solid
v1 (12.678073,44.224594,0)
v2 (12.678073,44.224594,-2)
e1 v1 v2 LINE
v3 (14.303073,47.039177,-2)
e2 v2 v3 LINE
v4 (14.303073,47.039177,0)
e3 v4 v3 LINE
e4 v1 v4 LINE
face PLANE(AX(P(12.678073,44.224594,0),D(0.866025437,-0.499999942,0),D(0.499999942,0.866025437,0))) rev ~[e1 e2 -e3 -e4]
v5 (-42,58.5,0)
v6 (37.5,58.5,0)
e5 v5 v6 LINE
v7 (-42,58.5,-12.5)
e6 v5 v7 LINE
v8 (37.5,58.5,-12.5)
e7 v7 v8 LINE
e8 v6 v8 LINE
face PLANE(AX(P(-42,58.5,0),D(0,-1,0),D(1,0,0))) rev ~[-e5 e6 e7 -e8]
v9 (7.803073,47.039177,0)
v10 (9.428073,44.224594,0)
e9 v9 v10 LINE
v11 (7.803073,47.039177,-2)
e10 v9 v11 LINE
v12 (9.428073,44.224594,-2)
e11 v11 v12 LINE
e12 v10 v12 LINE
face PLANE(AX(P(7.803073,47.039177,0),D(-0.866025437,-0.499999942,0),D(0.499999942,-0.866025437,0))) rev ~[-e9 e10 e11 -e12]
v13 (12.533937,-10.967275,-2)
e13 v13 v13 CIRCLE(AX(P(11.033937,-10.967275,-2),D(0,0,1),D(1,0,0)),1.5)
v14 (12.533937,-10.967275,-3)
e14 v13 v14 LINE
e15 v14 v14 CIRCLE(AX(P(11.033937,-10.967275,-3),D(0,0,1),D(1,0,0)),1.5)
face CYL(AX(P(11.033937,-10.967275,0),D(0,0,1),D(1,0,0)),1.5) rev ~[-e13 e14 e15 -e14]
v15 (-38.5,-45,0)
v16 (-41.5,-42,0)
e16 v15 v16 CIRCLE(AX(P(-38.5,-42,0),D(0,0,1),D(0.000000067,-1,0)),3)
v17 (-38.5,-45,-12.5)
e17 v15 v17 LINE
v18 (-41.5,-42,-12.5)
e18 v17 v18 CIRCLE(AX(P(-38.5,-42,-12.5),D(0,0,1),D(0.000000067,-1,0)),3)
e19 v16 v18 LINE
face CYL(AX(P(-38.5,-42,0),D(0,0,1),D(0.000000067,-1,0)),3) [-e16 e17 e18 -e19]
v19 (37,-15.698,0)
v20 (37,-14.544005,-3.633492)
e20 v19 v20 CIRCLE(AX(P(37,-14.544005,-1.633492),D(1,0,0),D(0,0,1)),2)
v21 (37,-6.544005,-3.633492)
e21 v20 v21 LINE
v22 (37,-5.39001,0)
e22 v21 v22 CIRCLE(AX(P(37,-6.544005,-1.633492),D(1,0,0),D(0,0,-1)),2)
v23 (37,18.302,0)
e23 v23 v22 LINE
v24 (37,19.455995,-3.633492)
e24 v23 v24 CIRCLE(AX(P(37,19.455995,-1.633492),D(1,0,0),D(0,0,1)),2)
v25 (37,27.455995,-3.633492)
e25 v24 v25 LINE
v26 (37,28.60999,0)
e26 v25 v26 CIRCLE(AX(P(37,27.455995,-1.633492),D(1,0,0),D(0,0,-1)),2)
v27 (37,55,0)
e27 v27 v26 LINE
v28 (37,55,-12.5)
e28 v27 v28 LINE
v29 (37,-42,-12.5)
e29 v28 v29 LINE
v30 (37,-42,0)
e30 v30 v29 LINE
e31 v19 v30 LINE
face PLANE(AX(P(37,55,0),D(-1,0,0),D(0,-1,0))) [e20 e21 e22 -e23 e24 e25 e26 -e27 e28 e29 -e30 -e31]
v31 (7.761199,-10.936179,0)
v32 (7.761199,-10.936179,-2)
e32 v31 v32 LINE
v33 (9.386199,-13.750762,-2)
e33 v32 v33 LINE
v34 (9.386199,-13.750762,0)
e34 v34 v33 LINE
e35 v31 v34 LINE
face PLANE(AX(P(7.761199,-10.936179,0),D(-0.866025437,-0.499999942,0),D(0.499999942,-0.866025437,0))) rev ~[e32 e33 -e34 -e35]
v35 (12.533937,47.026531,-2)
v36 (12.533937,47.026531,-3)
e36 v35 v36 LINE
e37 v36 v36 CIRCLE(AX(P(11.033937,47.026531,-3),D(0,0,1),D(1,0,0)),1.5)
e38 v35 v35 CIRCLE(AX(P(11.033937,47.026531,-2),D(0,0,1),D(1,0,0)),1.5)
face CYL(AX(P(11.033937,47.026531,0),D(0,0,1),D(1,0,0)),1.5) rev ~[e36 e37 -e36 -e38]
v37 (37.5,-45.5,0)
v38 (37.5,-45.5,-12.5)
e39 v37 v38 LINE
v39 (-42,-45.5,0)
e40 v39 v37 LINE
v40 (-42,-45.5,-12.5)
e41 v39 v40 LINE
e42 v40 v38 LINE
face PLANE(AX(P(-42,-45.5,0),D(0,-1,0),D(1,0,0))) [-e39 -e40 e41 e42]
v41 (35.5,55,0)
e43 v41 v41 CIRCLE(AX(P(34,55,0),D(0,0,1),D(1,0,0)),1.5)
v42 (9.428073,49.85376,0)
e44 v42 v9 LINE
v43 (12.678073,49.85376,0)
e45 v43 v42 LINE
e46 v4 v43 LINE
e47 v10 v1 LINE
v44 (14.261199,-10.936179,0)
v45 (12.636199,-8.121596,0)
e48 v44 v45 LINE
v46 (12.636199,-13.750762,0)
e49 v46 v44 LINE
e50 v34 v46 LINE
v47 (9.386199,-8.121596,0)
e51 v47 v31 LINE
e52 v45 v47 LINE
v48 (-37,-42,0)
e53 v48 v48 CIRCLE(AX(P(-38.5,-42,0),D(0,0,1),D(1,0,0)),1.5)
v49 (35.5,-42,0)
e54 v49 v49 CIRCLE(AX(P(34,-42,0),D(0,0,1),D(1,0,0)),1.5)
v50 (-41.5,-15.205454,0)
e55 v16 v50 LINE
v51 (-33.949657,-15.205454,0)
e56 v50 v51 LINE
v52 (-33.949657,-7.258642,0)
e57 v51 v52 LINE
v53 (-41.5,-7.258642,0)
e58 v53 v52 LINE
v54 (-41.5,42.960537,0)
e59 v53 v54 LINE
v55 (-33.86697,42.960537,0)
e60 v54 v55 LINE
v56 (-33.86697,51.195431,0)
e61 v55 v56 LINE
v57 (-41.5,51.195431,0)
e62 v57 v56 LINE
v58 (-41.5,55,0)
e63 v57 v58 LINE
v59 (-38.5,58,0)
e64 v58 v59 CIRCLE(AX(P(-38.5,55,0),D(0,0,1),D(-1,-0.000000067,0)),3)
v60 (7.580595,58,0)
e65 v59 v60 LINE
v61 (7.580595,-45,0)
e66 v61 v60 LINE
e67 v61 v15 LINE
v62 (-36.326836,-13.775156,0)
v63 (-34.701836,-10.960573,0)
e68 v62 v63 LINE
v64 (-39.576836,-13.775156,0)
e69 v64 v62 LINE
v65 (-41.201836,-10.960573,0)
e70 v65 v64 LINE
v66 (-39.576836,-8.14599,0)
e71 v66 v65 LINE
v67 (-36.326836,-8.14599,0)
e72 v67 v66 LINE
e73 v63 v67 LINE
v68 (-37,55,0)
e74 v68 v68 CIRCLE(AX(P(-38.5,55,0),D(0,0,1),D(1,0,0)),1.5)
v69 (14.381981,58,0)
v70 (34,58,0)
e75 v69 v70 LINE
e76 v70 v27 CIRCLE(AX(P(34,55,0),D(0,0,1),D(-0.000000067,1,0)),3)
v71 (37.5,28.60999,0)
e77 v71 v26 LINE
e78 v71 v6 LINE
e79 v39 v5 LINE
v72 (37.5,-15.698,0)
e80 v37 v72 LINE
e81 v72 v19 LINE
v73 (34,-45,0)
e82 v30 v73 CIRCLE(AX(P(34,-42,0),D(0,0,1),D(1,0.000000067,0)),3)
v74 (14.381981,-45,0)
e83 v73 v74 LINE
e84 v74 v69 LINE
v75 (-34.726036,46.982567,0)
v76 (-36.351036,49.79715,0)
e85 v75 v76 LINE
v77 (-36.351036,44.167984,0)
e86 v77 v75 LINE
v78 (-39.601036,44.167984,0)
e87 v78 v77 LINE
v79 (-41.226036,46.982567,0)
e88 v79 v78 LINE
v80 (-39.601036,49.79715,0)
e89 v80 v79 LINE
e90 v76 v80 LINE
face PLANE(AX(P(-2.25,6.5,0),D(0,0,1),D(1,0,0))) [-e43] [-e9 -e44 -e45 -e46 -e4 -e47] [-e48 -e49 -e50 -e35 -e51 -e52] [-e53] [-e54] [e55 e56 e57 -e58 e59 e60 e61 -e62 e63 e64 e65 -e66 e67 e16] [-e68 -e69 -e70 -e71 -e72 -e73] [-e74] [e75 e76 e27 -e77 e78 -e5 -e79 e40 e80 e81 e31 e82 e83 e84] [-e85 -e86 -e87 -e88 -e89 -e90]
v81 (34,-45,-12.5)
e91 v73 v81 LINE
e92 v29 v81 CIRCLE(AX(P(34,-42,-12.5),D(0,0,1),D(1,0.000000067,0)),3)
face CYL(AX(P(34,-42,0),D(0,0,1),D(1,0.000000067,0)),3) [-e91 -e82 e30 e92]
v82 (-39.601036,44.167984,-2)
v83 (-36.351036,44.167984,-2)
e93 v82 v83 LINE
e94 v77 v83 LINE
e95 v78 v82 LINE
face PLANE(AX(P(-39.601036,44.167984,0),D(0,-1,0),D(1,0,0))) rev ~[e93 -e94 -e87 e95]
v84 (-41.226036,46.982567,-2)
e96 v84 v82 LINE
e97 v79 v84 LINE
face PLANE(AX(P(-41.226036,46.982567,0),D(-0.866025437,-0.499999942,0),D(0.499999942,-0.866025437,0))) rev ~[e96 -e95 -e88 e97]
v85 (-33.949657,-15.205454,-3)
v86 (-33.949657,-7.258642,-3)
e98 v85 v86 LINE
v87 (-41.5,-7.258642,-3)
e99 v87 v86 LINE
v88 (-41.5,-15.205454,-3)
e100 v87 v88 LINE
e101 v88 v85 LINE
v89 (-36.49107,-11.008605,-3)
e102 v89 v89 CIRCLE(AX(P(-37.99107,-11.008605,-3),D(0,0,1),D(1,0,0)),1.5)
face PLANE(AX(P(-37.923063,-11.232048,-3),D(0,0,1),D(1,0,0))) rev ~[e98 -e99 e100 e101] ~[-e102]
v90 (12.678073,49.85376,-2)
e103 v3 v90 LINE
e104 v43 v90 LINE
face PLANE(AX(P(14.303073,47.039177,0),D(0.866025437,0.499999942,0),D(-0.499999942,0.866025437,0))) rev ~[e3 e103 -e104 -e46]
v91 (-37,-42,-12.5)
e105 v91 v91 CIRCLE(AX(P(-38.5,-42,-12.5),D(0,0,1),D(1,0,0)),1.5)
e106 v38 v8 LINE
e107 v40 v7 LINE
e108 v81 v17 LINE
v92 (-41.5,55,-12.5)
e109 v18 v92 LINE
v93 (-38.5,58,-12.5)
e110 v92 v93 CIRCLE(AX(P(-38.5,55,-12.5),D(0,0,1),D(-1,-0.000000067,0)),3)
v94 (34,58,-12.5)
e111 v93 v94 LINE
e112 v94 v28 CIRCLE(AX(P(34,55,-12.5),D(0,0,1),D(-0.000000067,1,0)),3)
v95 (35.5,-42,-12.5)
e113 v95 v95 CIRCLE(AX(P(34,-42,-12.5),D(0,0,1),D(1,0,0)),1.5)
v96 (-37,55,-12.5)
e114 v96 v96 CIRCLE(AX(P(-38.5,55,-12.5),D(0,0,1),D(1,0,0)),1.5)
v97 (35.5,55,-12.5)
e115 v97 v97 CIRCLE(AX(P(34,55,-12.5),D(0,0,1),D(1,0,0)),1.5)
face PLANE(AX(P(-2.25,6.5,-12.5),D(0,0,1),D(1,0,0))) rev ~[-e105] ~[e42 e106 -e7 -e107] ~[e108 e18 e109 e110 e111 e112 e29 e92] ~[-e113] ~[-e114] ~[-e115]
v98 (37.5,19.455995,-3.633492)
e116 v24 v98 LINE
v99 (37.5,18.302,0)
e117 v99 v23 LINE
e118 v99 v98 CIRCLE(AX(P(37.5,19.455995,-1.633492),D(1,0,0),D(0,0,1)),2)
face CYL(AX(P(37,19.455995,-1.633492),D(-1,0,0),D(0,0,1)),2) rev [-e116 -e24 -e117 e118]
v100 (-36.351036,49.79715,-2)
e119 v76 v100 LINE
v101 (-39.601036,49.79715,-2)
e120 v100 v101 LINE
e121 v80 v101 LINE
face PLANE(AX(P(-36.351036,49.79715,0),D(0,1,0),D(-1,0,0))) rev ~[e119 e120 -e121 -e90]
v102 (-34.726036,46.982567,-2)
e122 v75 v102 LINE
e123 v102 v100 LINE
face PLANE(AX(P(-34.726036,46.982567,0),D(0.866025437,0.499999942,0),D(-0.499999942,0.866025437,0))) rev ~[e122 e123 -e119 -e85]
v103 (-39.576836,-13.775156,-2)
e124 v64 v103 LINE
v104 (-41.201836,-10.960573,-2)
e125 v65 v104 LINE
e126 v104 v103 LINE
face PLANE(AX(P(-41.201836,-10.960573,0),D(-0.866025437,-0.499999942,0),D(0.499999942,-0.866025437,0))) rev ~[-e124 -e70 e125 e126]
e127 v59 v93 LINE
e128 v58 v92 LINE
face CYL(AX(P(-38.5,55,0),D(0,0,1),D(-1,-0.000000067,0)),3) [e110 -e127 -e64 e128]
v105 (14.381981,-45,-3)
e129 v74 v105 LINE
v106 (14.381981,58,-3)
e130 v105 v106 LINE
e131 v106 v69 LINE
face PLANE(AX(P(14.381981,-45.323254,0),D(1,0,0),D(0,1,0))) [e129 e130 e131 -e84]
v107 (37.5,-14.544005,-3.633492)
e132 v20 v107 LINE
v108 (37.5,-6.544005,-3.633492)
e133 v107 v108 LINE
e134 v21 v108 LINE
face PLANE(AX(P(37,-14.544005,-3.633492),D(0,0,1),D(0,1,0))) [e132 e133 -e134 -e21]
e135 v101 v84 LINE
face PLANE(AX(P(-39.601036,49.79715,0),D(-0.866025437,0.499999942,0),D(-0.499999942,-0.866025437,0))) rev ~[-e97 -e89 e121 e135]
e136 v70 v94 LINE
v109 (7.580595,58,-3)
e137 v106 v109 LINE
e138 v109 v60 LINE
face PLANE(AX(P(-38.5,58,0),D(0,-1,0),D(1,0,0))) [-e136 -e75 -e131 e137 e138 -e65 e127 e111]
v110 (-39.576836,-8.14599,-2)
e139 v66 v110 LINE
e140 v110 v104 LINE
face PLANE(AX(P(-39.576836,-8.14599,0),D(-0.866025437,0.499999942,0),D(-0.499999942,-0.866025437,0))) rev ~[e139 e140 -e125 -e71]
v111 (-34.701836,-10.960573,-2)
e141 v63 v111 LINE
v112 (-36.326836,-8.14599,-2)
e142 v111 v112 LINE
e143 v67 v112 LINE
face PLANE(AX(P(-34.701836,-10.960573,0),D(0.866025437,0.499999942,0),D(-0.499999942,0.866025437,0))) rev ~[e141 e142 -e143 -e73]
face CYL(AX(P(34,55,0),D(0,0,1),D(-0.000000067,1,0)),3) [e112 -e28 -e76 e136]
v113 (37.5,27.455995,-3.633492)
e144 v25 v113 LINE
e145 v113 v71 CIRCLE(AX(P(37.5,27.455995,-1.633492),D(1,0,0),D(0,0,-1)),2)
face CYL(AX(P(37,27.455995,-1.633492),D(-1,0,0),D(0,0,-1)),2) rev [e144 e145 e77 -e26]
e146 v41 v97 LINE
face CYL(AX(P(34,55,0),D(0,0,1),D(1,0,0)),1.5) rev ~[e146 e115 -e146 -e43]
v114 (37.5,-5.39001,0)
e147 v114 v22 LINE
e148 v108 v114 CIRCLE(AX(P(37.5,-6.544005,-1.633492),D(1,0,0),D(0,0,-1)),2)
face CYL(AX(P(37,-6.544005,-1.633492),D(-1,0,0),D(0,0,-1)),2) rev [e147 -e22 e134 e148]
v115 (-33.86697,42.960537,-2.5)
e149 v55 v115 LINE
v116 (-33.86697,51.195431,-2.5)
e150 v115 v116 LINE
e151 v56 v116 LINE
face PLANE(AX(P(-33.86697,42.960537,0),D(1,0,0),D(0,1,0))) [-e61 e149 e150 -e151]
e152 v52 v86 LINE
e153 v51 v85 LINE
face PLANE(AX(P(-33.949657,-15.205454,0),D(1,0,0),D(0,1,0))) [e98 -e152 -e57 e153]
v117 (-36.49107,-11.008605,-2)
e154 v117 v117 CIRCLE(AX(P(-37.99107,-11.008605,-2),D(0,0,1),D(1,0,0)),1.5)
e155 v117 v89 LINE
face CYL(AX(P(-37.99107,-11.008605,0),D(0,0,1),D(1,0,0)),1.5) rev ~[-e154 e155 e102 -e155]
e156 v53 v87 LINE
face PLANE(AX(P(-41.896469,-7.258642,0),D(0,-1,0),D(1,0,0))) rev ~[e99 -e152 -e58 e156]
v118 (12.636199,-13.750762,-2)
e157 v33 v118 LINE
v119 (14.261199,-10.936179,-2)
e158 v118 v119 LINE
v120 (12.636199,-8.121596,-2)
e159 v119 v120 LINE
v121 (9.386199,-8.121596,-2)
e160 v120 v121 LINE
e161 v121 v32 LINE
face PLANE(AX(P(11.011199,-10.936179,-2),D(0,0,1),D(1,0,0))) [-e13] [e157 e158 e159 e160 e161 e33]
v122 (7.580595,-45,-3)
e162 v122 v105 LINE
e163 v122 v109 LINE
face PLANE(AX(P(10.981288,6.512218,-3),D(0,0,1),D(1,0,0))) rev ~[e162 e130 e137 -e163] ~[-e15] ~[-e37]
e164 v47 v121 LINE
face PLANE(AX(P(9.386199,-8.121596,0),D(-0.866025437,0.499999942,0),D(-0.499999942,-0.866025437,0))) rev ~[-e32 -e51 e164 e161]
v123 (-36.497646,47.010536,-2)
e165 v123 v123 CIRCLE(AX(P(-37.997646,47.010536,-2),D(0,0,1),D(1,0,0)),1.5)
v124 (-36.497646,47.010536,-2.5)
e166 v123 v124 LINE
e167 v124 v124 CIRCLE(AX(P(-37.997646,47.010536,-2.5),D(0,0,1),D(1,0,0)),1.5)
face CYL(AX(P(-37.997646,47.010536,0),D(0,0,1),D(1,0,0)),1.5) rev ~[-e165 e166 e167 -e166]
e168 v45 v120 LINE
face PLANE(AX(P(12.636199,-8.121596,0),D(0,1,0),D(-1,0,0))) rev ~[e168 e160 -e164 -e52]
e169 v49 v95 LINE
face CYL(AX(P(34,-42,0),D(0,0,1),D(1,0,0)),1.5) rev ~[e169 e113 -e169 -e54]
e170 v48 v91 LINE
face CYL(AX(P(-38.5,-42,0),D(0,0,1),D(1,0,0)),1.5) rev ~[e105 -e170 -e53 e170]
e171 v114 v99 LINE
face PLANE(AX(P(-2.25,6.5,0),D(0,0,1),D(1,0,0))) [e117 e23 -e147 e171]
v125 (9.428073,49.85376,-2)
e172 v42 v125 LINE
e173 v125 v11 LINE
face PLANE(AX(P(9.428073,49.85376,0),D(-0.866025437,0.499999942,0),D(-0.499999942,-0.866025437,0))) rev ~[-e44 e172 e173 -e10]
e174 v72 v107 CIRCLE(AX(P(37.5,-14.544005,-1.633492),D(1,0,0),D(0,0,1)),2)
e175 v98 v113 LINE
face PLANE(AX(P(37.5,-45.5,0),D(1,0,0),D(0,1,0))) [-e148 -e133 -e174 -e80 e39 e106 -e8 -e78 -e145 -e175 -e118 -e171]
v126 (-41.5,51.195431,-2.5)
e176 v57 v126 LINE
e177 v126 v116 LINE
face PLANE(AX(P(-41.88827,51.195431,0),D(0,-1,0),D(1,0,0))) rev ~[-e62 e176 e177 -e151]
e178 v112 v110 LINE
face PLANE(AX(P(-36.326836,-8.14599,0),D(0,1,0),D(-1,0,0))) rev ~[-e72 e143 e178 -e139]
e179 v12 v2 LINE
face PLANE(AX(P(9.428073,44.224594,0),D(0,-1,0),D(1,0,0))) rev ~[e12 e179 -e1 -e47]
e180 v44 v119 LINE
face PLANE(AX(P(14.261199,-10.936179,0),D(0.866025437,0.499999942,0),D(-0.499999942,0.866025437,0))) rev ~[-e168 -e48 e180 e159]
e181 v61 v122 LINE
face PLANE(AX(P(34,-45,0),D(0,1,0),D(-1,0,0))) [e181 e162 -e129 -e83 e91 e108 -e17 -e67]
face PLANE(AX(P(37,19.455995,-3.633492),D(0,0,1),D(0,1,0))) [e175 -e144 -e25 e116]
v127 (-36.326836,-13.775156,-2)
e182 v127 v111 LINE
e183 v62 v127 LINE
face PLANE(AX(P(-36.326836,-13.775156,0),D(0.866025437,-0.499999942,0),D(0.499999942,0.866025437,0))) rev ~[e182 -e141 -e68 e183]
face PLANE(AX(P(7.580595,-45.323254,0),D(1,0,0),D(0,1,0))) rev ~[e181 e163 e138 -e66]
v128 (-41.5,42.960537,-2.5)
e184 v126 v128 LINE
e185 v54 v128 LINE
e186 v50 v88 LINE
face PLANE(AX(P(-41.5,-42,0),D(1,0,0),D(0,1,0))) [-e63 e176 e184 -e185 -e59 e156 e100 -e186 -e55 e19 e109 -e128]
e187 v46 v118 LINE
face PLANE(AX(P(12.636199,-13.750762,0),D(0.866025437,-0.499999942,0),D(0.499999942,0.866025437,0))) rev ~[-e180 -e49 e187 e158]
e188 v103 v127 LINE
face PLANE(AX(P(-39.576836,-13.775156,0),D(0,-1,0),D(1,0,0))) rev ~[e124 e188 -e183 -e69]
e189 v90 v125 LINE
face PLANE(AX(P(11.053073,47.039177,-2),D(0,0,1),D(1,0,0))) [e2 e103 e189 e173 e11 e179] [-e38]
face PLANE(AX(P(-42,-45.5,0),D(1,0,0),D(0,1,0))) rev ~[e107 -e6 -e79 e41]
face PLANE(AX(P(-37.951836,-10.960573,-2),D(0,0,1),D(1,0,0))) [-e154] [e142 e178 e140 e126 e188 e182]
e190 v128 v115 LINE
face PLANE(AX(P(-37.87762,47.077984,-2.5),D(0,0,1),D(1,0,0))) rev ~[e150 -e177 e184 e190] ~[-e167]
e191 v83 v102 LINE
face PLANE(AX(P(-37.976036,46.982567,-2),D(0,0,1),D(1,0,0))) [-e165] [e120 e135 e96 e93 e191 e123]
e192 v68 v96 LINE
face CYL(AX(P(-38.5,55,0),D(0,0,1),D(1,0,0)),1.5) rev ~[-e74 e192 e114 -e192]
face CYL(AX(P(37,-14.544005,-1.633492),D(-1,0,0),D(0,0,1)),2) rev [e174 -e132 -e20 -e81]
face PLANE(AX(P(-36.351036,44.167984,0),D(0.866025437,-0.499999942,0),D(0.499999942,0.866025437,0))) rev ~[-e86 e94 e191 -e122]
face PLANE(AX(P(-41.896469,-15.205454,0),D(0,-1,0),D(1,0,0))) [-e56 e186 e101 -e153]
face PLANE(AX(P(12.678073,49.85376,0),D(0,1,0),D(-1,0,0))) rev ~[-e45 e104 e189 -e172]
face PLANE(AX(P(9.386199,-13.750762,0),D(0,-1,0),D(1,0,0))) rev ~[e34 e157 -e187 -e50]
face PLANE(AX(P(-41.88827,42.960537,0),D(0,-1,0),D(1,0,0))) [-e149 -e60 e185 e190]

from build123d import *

# Parameters (mm, degrees)
SKETCH002_W     = 79.5
SKETCH002_H     = 104
SKETCH002_R     = 1.5
PAD002_DEPTH    = 12.5
SKETCH_W        = 8.021301
SKETCH_H        = 8.234894
SKETCH_R        = 1.5
PAD_DEPTH       = 2.5
POCKET_DEPTH    = 2
SKETCH033_W     = 7.946812
SKETCH033_H     = 7.946812
SKETCH033_R     = 1.5
PAD003_DEPTH    = 3
SKETCH034_W     = 6.801386
SKETCH034_H     = 103.670945
SKETCH034_R     = 1.5
PAD004_DEPTH    = 3
POCKET001_DEPTH = 2
POCKET002_DEPTH = 2
POCKET003_DEPTH = 2
POCKET027_DEPTH = 0.5


with BuildPart() as part:
    # Sketch002 → Pad002 (new body)
    with BuildSketch(Plane.XY):
        with Locations((-2.25, 6.5)):
            Rectangle(SKETCH002_W, SKETCH002_H)
        with Locations((-38.5, 55)):
            Circle(SKETCH002_R, mode=Mode.SUBTRACT)
        with Locations((34, 55)):
            Circle(SKETCH002_R, mode=Mode.SUBTRACT)
        with Locations((-38.5, -42)):
            Circle(SKETCH002_R, mode=Mode.SUBTRACT)
        with Locations((34, -42)):
            Circle(SKETCH002_R, mode=Mode.SUBTRACT)
        with BuildLine():
            Line((34, -45), (-38.5, -45))
            ThreePointArc((-38.5, -45), (-36.37868, -39.87868), (-41.5, -42))
            Line((-41.5, -42), (-41.5, 55))
            ThreePointArc((-41.5, 55), (-36.37868, 52.87868), (-38.5, 58))
            Line((-38.5, 58), (34, 58))
            ThreePointArc((34, 58), (31.87868, 52.87868), (37, 55))
            Line((37, 55), (37, -42))
            ThreePointArc((37, -42), (31.87868, -39.87868), (34, -45))
        make_face(mode=Mode.SUBTRACT)
    extrude(amount=-PAD002_DEPTH)

    # Sketch → Pad (join)
    with BuildSketch(Plane.XY):
        with Locations((-37.87762, 47.077984)):
            Rectangle(SKETCH_W, SKETCH_H)
        with Locations((-37.997646, 47.010536)):
            Circle(SKETCH_R, mode=Mode.SUBTRACT)
    extrude(amount=-PAD_DEPTH)

    # Sketch032 (on Face23 of Pad) → Pocket (cut)
    with BuildSketch(Plane.XY):
        Polygon((-34.726036, 46.982567), (-36.351036, 49.79715), (-39.601036, 49.79715), (-41.226036, 46.982567), (-39.601036, 44.167984), (-36.351036, 44.167984), align=None)
    extrude(amount=-POCKET_DEPTH, mode=Mode.SUBTRACT)

    # Sketch033 → Pad003 (join)
    with BuildSketch(Plane.XY):
        with Locations((-37.923063, -11.232048)):
            Rectangle(SKETCH033_W, SKETCH033_H)
        with Locations((-37.99107, -11.008605)):
            Circle(SKETCH033_R, mode=Mode.SUBTRACT)
    extrude(amount=-PAD003_DEPTH)

    # Sketch034 → Pad004 (join)
    with BuildSketch(Plane.XY):
        with Locations((10.981288, 6.512218)):
            Rectangle(SKETCH034_W, SKETCH034_H)
        with Locations((11.033937, 47.026531)):
            Circle(SKETCH034_R, mode=Mode.SUBTRACT)
        with Locations((11.033937, -10.967275)):
            Circle(SKETCH034_R, mode=Mode.SUBTRACT)
    extrude(amount=-PAD004_DEPTH)

    # Sketch035 (on Face34 of Pad004) → Pocket001 (cut)
    with BuildSketch(Plane.XY):
        Polygon((-36.326836, -8.14599), (-39.576836, -8.14599), (-41.201836, -10.960573), (-39.576836, -13.775156), (-36.326836, -13.775156), (-34.701836, -10.960573), align=None)
    extrude(amount=-POCKET001_DEPTH, mode=Mode.SUBTRACT)

    # Sketch036 (on Face26 of Pocket001) → Pocket002 (cut)
    with BuildSketch(Plane.XY):
        Polygon((12.678073, 49.85376), (9.428073, 49.85376), (7.803073, 47.039177), (9.428073, 44.224594), (12.678073, 44.224594), (14.303073, 47.039177), align=None)
    extrude(amount=-POCKET002_DEPTH, mode=Mode.SUBTRACT)

    # Sketch037 (on Face26 of Pocket002) → Pocket003 (cut)
    with BuildSketch(Plane.XY):
        Polygon((12.636199, -8.121596), (9.386199, -8.121596), (7.761199, -10.936179), (9.386199, -13.750762), (12.636199, -13.750762), (14.261199, -10.936179), align=None)
    extrude(amount=-POCKET003_DEPTH, mode=Mode.SUBTRACT)

    # Sketch058 → Pocket027 (cut)
    with BuildSketch(Plane.YZ.offset(37)):
        with BuildLine():
            ThreePointArc((-14.544005, 0.366508), (-16.544005, -1.633492), (-14.544005, -3.633492))
            Line((-14.544005, -3.633492), (-6.544005, -3.633492))
            ThreePointArc((-6.544005, -3.633492), (-4.544005, -1.633492), (-6.544005, 0.366508))
            Line((-6.544005, 0.366508), (-14.544005, 0.366508))
        make_face()
        with BuildLine():
            ThreePointArc((19.455995, 0.366508), (17.455995, -1.633492), (19.455995, -3.633492))
            Line((19.455995, -3.633492), (27.455995, -3.633492))
            ThreePointArc((27.455995, -3.633492), (29.455995, -1.633492), (27.455995, 0.366508))
            Line((27.455995, 0.366508), (19.455995, 0.366508))
        make_face()
    extrude(amount=POCKET027_DEPTH, mode=Mode.SUBTRACT)


solid = part.part
